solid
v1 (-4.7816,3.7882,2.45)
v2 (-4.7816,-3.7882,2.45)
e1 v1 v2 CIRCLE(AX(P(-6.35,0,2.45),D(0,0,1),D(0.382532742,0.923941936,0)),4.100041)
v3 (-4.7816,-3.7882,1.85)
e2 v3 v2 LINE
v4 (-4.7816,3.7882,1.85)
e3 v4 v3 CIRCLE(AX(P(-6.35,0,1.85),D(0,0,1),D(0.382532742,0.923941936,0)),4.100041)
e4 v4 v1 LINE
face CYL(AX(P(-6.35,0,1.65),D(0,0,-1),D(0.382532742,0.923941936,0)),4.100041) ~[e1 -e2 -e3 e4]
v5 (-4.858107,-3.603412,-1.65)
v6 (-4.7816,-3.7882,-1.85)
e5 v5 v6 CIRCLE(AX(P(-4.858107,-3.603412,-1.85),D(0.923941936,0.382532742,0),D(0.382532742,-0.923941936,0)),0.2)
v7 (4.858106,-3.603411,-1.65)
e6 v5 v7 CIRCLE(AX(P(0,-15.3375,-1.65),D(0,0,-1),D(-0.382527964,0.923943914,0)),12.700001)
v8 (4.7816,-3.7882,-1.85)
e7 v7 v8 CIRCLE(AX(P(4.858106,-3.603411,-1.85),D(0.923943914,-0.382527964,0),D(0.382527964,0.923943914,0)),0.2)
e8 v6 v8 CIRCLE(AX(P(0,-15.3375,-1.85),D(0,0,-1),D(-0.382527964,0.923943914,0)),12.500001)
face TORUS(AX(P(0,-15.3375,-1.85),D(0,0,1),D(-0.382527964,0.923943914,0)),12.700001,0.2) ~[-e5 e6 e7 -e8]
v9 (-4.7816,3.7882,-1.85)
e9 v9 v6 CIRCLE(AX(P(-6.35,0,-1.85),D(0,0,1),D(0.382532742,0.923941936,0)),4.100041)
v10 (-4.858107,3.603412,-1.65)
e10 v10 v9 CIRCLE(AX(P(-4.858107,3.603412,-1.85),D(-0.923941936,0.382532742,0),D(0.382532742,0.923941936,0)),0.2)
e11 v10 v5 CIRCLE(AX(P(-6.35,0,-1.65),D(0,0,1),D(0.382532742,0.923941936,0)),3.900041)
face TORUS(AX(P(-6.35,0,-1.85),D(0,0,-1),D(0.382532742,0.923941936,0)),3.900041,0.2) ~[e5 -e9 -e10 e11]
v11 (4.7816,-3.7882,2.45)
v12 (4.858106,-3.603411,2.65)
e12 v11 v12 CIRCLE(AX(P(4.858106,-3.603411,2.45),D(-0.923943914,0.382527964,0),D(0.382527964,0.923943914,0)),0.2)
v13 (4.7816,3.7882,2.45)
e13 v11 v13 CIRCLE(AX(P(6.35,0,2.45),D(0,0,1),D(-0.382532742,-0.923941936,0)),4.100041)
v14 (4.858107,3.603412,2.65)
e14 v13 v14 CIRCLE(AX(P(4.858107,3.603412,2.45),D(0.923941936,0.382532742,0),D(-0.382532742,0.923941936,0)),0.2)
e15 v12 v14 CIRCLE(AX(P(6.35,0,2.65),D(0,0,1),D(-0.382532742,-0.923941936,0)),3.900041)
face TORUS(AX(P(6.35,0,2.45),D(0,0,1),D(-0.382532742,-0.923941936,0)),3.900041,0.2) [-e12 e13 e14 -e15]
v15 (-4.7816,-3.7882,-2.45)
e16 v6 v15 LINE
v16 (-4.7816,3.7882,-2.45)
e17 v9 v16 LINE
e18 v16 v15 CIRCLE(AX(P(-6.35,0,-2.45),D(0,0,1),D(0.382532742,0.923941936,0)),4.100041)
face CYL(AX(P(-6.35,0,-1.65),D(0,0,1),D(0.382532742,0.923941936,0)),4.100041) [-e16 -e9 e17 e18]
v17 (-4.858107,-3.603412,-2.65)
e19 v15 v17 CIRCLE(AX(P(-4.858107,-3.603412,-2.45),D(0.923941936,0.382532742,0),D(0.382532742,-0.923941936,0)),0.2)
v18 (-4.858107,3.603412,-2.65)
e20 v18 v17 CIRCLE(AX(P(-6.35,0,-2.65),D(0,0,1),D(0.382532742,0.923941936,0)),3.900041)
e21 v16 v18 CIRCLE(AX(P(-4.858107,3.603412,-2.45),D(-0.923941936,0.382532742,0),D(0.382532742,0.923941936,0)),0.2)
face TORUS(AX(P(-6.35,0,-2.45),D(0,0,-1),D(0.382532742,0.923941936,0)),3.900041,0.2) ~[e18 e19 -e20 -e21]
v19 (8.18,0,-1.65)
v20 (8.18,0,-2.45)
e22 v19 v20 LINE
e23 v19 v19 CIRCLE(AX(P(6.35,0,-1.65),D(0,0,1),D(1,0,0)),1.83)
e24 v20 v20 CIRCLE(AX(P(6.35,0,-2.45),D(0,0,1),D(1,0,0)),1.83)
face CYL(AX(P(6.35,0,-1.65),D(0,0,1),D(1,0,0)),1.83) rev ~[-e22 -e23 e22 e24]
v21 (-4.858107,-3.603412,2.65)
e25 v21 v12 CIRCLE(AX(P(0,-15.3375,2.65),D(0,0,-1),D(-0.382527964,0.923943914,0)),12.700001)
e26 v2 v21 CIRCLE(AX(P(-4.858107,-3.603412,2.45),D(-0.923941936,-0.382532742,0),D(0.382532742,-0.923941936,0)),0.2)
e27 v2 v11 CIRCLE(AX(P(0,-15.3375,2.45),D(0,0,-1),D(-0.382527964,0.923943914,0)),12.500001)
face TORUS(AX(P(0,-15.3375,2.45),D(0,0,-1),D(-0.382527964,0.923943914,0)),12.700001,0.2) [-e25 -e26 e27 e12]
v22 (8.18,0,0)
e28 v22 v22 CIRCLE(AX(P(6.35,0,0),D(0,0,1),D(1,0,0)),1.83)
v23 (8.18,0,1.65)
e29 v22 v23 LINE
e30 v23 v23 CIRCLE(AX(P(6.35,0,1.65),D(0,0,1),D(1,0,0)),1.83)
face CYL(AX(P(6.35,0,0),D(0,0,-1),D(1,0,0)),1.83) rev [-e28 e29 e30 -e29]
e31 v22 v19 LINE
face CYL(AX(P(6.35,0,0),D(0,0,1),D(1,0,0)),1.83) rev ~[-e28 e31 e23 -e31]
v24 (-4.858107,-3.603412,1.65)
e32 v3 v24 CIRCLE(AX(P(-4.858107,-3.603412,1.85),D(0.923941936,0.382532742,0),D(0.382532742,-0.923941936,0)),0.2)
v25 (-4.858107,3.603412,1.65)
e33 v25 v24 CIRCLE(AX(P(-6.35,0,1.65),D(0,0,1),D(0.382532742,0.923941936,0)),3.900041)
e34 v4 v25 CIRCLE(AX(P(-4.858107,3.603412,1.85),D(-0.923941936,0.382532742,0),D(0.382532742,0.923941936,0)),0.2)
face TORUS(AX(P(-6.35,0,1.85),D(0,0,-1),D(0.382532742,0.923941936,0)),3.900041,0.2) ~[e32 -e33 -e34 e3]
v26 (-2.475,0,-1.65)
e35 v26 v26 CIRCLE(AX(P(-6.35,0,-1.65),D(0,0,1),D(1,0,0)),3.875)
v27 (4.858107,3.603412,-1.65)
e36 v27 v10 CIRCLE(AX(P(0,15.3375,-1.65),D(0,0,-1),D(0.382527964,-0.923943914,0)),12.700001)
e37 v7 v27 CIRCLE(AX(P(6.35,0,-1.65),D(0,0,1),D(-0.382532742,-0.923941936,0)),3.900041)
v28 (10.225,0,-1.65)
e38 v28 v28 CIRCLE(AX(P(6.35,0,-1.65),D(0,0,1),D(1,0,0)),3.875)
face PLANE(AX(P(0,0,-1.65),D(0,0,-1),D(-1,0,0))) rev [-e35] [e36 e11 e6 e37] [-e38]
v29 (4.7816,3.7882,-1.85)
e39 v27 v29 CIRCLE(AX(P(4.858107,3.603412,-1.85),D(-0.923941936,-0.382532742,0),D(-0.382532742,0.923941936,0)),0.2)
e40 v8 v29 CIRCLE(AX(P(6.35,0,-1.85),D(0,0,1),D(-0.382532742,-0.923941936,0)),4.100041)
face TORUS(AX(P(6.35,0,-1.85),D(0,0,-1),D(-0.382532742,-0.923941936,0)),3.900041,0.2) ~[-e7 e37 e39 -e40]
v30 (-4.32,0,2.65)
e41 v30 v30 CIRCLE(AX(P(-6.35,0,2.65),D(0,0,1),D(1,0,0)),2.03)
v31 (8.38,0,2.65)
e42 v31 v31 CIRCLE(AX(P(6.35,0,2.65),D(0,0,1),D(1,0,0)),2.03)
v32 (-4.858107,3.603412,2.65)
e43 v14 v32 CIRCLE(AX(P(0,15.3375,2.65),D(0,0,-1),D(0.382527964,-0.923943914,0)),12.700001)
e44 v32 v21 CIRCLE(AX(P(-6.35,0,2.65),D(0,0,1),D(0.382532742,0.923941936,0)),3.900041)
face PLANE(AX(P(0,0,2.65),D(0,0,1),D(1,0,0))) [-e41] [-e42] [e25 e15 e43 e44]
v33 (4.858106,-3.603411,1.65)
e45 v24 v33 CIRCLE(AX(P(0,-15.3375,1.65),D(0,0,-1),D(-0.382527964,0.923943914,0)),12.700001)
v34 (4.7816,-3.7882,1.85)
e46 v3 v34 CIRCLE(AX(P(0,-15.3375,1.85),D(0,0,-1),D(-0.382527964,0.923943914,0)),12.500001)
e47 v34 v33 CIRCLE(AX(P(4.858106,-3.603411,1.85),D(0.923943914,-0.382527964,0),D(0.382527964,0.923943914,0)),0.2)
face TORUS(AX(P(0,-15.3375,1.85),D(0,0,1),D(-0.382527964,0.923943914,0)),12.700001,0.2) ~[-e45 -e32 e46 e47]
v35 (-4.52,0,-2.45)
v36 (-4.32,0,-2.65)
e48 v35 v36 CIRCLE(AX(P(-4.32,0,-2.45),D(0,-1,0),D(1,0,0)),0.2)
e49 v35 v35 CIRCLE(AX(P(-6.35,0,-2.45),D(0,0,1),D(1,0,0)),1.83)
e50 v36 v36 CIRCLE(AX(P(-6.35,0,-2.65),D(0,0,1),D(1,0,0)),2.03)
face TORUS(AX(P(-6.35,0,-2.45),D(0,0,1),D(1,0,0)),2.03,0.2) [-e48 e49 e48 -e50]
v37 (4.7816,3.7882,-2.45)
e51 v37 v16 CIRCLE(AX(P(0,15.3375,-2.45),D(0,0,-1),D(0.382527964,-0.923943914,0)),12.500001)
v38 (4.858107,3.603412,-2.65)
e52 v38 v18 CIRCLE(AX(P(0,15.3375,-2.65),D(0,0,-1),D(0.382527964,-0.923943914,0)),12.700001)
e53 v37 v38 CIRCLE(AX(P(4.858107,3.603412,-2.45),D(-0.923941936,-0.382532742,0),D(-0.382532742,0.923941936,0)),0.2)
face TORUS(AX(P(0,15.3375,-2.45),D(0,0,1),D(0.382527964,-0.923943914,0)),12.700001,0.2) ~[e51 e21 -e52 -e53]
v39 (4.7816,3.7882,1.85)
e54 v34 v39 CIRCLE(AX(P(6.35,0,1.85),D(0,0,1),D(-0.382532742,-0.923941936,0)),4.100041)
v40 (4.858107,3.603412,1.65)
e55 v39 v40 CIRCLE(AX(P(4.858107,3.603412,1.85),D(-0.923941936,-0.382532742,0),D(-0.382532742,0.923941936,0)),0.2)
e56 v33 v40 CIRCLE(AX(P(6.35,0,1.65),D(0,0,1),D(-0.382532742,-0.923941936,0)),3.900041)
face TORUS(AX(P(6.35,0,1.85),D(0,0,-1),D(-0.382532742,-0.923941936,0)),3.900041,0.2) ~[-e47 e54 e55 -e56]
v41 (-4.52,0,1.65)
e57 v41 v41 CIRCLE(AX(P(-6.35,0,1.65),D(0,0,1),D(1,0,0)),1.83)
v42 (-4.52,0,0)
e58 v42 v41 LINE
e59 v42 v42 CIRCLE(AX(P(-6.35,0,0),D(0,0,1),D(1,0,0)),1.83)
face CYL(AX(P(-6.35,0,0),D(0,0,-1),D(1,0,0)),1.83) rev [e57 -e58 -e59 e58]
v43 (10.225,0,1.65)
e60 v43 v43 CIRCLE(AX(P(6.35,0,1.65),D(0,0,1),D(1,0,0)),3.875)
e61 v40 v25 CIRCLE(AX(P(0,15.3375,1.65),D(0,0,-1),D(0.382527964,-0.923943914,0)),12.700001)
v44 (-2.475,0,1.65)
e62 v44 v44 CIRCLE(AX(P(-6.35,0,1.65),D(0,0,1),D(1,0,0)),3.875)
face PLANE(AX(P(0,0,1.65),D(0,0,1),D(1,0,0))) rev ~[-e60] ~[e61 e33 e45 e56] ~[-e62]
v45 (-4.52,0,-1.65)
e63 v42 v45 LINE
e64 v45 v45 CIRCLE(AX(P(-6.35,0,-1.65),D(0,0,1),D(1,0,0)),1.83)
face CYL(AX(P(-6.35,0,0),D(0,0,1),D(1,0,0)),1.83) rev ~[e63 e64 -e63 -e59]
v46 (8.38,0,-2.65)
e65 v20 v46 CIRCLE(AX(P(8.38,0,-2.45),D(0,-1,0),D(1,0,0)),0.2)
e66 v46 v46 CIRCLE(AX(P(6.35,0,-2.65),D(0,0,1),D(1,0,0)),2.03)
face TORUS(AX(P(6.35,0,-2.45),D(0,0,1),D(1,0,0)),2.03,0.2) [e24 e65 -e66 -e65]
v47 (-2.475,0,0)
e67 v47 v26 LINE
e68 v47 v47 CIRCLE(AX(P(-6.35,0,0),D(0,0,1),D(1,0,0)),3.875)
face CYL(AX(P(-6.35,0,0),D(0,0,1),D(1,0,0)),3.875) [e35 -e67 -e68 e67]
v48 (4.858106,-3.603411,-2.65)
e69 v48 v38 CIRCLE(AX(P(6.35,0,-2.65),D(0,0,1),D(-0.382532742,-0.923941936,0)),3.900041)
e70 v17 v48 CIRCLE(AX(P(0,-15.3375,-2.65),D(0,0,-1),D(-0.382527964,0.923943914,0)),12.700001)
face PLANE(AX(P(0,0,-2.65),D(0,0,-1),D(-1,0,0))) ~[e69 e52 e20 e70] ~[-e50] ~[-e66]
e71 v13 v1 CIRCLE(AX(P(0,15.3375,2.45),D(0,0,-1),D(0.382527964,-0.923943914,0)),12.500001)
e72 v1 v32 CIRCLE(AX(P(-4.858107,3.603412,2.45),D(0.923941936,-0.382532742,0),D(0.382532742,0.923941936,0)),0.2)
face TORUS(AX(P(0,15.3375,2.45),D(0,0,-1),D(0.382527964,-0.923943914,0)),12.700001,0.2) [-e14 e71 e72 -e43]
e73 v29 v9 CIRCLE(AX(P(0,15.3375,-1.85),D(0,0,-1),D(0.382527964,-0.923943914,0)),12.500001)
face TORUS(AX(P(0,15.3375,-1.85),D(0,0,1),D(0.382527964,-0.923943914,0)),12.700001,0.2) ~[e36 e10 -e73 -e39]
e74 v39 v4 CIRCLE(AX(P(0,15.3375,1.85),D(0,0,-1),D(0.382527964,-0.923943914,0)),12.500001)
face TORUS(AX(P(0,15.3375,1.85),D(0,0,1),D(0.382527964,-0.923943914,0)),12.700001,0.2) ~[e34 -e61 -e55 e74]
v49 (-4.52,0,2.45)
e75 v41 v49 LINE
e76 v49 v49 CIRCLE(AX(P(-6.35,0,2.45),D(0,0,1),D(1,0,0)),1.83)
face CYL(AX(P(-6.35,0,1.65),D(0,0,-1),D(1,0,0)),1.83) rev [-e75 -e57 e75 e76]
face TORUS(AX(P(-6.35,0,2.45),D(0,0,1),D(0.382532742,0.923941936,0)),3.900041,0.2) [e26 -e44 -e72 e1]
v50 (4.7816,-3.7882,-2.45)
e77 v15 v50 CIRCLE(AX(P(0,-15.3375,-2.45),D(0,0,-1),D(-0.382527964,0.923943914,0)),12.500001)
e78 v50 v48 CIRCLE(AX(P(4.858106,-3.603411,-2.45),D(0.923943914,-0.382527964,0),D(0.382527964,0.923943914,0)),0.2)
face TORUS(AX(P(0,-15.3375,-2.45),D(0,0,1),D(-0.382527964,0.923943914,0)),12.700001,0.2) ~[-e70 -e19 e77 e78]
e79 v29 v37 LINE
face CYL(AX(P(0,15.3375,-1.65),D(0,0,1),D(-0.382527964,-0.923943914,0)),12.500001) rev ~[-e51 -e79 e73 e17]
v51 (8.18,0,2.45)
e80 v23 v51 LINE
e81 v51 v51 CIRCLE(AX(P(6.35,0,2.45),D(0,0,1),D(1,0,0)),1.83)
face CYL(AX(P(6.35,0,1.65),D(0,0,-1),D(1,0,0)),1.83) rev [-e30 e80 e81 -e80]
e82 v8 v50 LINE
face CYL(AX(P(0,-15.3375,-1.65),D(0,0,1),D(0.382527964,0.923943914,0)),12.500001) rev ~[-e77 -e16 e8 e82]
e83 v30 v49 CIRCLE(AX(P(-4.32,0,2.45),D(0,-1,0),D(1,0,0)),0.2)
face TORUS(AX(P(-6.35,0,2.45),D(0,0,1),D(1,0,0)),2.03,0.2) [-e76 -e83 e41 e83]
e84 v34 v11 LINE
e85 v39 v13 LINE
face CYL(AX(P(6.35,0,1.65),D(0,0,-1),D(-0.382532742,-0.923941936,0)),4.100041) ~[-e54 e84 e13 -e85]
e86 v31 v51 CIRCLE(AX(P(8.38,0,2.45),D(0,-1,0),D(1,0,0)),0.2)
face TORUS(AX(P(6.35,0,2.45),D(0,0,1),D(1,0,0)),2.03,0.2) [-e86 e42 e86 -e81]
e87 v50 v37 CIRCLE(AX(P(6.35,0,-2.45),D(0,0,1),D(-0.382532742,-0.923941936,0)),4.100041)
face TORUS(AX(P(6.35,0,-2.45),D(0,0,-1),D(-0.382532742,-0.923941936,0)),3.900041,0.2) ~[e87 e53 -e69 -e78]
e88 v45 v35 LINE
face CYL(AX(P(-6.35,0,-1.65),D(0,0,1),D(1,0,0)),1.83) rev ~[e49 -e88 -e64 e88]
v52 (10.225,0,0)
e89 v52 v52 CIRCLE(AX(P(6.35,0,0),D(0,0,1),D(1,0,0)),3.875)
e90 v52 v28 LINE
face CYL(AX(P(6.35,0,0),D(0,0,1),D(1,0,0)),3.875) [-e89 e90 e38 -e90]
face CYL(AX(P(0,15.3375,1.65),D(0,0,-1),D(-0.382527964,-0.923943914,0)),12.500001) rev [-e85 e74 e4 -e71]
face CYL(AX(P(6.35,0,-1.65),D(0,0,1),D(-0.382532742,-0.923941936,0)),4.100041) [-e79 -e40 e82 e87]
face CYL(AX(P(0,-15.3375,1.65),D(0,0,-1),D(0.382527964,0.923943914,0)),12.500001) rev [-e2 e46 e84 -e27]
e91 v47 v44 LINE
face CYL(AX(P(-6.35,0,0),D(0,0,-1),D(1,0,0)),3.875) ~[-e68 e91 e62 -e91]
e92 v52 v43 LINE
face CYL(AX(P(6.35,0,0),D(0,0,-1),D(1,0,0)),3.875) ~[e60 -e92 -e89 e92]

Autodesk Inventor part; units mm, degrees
ref_plane "YZ Plane" through (0, 0, 0) normal (1, 0, 0) x (0, 1, 0)
ref_plane "XZ Plane" through (0, 0, 0) normal (0, 1, 0) x (-1, 0, 0)
ref_plane "Work Plane1" through (0, 0, 1.65) normal (0, 0, 1) x (1, 0, 0)
sketch "Sketch1" plane through (0, 0, 1.65) normal (0, 0, 1) x (1, 0, 0)
  arc A0 (-4.7816, 3.7882) -> (-4.7816, -3.7882) centre (-6.35, 0) ccw
  arc A1 (4.7816, -3.7882) -> (4.7816, 3.7882) centre (6.35, 0) ccw
  arc A2 (-4.7816, 3.7882) -> (4.7816, 3.7882) centre (0, 15.3375) ccw
  arc A3 (4.7816, -3.7882) -> (-4.7816, -3.7882) centre (0, -15.3375) ccw
  line L0 (-6.35, 0) -> (6.35, 0) construction
  circle A4 centre (-6.35, 0) radius 1.83
  circle A5 centre (6.35, 0) radius 1.83
  point P0 (0, 0)
  point P1 (0, 0)
  dimension "d3" = 8.2
  dimension "d4" = 12.7
  dimension "d5" = 12.5
  dimension "d6" = 3.66
extrude "Extrusion1" add sketch "Sketch1" along normal blind 1
mirror "Mirror1" about plane through (0, 0, 0) normal (0, 0, 1)
sketch "Sketch2" plane through (0, 0, 0) normal (0, 0, 1) x (1, 0, 0)
  circle A0 centre (-6.35, 0) radius 1.83 projected
  circle A1 centre (-6.35, 0) radius 3.875
  circle A2 centre (6.35, 0) radius 1.83 projected
  circle A3 centre (6.35, 0) radius 3.875
  point P0 (0, 0)
  dimension "d9" = 7.75
extrude "Extrusion2" add sketch "Sketch2" along normal mid plane 3.3
fillet "Fillet1" radius 0.2 20 edges at (-10.45, 0, 2.65) (0, -2.8375, 2.65) (10.45, 0, 2.65) (0, 2.8375, 2.65) (-10.45, 0, 1.65) (0, -2.8375, 1.65) (10.45, 0, 1.65) (0, 2.8375, 1.65) (-8.18, 0, 2.65) (-10.45, 0, -2.65) (0, -2.8375, -2.65) (10.45, 0, -2.65) (0, 2.8375, -2.65) (-10.45, 0, -1.65) (0, -2.8375, -1.65) (10.45, 0, -1.65) (0, 2.8375, -1.65) (4.52, 0, -2.65) (-8.18, 0, -2.65) (4.52, 0, 2.65)
equation "\"d3\" = G"
equation "\"d4\" = p"
equation "\"d6\" = d2"
equation "\"d7\" = t"
equation "\"d9\" = d1"
equation "\"d10\" = b1"
equation "\"p\" = 12.7"
equation "\"d1\" = 7.75"
equation "\"d2\" = 3.66"
equation "\"b1\" = 3.3"
equation "\"Pt\" = 13.92"
equation "\"d0\" = 0.5 * b1"
equation "\"G\" = 8.2"
equation "\"t\" = 1"
properties part number "Eslabón Inicial Cadena"
